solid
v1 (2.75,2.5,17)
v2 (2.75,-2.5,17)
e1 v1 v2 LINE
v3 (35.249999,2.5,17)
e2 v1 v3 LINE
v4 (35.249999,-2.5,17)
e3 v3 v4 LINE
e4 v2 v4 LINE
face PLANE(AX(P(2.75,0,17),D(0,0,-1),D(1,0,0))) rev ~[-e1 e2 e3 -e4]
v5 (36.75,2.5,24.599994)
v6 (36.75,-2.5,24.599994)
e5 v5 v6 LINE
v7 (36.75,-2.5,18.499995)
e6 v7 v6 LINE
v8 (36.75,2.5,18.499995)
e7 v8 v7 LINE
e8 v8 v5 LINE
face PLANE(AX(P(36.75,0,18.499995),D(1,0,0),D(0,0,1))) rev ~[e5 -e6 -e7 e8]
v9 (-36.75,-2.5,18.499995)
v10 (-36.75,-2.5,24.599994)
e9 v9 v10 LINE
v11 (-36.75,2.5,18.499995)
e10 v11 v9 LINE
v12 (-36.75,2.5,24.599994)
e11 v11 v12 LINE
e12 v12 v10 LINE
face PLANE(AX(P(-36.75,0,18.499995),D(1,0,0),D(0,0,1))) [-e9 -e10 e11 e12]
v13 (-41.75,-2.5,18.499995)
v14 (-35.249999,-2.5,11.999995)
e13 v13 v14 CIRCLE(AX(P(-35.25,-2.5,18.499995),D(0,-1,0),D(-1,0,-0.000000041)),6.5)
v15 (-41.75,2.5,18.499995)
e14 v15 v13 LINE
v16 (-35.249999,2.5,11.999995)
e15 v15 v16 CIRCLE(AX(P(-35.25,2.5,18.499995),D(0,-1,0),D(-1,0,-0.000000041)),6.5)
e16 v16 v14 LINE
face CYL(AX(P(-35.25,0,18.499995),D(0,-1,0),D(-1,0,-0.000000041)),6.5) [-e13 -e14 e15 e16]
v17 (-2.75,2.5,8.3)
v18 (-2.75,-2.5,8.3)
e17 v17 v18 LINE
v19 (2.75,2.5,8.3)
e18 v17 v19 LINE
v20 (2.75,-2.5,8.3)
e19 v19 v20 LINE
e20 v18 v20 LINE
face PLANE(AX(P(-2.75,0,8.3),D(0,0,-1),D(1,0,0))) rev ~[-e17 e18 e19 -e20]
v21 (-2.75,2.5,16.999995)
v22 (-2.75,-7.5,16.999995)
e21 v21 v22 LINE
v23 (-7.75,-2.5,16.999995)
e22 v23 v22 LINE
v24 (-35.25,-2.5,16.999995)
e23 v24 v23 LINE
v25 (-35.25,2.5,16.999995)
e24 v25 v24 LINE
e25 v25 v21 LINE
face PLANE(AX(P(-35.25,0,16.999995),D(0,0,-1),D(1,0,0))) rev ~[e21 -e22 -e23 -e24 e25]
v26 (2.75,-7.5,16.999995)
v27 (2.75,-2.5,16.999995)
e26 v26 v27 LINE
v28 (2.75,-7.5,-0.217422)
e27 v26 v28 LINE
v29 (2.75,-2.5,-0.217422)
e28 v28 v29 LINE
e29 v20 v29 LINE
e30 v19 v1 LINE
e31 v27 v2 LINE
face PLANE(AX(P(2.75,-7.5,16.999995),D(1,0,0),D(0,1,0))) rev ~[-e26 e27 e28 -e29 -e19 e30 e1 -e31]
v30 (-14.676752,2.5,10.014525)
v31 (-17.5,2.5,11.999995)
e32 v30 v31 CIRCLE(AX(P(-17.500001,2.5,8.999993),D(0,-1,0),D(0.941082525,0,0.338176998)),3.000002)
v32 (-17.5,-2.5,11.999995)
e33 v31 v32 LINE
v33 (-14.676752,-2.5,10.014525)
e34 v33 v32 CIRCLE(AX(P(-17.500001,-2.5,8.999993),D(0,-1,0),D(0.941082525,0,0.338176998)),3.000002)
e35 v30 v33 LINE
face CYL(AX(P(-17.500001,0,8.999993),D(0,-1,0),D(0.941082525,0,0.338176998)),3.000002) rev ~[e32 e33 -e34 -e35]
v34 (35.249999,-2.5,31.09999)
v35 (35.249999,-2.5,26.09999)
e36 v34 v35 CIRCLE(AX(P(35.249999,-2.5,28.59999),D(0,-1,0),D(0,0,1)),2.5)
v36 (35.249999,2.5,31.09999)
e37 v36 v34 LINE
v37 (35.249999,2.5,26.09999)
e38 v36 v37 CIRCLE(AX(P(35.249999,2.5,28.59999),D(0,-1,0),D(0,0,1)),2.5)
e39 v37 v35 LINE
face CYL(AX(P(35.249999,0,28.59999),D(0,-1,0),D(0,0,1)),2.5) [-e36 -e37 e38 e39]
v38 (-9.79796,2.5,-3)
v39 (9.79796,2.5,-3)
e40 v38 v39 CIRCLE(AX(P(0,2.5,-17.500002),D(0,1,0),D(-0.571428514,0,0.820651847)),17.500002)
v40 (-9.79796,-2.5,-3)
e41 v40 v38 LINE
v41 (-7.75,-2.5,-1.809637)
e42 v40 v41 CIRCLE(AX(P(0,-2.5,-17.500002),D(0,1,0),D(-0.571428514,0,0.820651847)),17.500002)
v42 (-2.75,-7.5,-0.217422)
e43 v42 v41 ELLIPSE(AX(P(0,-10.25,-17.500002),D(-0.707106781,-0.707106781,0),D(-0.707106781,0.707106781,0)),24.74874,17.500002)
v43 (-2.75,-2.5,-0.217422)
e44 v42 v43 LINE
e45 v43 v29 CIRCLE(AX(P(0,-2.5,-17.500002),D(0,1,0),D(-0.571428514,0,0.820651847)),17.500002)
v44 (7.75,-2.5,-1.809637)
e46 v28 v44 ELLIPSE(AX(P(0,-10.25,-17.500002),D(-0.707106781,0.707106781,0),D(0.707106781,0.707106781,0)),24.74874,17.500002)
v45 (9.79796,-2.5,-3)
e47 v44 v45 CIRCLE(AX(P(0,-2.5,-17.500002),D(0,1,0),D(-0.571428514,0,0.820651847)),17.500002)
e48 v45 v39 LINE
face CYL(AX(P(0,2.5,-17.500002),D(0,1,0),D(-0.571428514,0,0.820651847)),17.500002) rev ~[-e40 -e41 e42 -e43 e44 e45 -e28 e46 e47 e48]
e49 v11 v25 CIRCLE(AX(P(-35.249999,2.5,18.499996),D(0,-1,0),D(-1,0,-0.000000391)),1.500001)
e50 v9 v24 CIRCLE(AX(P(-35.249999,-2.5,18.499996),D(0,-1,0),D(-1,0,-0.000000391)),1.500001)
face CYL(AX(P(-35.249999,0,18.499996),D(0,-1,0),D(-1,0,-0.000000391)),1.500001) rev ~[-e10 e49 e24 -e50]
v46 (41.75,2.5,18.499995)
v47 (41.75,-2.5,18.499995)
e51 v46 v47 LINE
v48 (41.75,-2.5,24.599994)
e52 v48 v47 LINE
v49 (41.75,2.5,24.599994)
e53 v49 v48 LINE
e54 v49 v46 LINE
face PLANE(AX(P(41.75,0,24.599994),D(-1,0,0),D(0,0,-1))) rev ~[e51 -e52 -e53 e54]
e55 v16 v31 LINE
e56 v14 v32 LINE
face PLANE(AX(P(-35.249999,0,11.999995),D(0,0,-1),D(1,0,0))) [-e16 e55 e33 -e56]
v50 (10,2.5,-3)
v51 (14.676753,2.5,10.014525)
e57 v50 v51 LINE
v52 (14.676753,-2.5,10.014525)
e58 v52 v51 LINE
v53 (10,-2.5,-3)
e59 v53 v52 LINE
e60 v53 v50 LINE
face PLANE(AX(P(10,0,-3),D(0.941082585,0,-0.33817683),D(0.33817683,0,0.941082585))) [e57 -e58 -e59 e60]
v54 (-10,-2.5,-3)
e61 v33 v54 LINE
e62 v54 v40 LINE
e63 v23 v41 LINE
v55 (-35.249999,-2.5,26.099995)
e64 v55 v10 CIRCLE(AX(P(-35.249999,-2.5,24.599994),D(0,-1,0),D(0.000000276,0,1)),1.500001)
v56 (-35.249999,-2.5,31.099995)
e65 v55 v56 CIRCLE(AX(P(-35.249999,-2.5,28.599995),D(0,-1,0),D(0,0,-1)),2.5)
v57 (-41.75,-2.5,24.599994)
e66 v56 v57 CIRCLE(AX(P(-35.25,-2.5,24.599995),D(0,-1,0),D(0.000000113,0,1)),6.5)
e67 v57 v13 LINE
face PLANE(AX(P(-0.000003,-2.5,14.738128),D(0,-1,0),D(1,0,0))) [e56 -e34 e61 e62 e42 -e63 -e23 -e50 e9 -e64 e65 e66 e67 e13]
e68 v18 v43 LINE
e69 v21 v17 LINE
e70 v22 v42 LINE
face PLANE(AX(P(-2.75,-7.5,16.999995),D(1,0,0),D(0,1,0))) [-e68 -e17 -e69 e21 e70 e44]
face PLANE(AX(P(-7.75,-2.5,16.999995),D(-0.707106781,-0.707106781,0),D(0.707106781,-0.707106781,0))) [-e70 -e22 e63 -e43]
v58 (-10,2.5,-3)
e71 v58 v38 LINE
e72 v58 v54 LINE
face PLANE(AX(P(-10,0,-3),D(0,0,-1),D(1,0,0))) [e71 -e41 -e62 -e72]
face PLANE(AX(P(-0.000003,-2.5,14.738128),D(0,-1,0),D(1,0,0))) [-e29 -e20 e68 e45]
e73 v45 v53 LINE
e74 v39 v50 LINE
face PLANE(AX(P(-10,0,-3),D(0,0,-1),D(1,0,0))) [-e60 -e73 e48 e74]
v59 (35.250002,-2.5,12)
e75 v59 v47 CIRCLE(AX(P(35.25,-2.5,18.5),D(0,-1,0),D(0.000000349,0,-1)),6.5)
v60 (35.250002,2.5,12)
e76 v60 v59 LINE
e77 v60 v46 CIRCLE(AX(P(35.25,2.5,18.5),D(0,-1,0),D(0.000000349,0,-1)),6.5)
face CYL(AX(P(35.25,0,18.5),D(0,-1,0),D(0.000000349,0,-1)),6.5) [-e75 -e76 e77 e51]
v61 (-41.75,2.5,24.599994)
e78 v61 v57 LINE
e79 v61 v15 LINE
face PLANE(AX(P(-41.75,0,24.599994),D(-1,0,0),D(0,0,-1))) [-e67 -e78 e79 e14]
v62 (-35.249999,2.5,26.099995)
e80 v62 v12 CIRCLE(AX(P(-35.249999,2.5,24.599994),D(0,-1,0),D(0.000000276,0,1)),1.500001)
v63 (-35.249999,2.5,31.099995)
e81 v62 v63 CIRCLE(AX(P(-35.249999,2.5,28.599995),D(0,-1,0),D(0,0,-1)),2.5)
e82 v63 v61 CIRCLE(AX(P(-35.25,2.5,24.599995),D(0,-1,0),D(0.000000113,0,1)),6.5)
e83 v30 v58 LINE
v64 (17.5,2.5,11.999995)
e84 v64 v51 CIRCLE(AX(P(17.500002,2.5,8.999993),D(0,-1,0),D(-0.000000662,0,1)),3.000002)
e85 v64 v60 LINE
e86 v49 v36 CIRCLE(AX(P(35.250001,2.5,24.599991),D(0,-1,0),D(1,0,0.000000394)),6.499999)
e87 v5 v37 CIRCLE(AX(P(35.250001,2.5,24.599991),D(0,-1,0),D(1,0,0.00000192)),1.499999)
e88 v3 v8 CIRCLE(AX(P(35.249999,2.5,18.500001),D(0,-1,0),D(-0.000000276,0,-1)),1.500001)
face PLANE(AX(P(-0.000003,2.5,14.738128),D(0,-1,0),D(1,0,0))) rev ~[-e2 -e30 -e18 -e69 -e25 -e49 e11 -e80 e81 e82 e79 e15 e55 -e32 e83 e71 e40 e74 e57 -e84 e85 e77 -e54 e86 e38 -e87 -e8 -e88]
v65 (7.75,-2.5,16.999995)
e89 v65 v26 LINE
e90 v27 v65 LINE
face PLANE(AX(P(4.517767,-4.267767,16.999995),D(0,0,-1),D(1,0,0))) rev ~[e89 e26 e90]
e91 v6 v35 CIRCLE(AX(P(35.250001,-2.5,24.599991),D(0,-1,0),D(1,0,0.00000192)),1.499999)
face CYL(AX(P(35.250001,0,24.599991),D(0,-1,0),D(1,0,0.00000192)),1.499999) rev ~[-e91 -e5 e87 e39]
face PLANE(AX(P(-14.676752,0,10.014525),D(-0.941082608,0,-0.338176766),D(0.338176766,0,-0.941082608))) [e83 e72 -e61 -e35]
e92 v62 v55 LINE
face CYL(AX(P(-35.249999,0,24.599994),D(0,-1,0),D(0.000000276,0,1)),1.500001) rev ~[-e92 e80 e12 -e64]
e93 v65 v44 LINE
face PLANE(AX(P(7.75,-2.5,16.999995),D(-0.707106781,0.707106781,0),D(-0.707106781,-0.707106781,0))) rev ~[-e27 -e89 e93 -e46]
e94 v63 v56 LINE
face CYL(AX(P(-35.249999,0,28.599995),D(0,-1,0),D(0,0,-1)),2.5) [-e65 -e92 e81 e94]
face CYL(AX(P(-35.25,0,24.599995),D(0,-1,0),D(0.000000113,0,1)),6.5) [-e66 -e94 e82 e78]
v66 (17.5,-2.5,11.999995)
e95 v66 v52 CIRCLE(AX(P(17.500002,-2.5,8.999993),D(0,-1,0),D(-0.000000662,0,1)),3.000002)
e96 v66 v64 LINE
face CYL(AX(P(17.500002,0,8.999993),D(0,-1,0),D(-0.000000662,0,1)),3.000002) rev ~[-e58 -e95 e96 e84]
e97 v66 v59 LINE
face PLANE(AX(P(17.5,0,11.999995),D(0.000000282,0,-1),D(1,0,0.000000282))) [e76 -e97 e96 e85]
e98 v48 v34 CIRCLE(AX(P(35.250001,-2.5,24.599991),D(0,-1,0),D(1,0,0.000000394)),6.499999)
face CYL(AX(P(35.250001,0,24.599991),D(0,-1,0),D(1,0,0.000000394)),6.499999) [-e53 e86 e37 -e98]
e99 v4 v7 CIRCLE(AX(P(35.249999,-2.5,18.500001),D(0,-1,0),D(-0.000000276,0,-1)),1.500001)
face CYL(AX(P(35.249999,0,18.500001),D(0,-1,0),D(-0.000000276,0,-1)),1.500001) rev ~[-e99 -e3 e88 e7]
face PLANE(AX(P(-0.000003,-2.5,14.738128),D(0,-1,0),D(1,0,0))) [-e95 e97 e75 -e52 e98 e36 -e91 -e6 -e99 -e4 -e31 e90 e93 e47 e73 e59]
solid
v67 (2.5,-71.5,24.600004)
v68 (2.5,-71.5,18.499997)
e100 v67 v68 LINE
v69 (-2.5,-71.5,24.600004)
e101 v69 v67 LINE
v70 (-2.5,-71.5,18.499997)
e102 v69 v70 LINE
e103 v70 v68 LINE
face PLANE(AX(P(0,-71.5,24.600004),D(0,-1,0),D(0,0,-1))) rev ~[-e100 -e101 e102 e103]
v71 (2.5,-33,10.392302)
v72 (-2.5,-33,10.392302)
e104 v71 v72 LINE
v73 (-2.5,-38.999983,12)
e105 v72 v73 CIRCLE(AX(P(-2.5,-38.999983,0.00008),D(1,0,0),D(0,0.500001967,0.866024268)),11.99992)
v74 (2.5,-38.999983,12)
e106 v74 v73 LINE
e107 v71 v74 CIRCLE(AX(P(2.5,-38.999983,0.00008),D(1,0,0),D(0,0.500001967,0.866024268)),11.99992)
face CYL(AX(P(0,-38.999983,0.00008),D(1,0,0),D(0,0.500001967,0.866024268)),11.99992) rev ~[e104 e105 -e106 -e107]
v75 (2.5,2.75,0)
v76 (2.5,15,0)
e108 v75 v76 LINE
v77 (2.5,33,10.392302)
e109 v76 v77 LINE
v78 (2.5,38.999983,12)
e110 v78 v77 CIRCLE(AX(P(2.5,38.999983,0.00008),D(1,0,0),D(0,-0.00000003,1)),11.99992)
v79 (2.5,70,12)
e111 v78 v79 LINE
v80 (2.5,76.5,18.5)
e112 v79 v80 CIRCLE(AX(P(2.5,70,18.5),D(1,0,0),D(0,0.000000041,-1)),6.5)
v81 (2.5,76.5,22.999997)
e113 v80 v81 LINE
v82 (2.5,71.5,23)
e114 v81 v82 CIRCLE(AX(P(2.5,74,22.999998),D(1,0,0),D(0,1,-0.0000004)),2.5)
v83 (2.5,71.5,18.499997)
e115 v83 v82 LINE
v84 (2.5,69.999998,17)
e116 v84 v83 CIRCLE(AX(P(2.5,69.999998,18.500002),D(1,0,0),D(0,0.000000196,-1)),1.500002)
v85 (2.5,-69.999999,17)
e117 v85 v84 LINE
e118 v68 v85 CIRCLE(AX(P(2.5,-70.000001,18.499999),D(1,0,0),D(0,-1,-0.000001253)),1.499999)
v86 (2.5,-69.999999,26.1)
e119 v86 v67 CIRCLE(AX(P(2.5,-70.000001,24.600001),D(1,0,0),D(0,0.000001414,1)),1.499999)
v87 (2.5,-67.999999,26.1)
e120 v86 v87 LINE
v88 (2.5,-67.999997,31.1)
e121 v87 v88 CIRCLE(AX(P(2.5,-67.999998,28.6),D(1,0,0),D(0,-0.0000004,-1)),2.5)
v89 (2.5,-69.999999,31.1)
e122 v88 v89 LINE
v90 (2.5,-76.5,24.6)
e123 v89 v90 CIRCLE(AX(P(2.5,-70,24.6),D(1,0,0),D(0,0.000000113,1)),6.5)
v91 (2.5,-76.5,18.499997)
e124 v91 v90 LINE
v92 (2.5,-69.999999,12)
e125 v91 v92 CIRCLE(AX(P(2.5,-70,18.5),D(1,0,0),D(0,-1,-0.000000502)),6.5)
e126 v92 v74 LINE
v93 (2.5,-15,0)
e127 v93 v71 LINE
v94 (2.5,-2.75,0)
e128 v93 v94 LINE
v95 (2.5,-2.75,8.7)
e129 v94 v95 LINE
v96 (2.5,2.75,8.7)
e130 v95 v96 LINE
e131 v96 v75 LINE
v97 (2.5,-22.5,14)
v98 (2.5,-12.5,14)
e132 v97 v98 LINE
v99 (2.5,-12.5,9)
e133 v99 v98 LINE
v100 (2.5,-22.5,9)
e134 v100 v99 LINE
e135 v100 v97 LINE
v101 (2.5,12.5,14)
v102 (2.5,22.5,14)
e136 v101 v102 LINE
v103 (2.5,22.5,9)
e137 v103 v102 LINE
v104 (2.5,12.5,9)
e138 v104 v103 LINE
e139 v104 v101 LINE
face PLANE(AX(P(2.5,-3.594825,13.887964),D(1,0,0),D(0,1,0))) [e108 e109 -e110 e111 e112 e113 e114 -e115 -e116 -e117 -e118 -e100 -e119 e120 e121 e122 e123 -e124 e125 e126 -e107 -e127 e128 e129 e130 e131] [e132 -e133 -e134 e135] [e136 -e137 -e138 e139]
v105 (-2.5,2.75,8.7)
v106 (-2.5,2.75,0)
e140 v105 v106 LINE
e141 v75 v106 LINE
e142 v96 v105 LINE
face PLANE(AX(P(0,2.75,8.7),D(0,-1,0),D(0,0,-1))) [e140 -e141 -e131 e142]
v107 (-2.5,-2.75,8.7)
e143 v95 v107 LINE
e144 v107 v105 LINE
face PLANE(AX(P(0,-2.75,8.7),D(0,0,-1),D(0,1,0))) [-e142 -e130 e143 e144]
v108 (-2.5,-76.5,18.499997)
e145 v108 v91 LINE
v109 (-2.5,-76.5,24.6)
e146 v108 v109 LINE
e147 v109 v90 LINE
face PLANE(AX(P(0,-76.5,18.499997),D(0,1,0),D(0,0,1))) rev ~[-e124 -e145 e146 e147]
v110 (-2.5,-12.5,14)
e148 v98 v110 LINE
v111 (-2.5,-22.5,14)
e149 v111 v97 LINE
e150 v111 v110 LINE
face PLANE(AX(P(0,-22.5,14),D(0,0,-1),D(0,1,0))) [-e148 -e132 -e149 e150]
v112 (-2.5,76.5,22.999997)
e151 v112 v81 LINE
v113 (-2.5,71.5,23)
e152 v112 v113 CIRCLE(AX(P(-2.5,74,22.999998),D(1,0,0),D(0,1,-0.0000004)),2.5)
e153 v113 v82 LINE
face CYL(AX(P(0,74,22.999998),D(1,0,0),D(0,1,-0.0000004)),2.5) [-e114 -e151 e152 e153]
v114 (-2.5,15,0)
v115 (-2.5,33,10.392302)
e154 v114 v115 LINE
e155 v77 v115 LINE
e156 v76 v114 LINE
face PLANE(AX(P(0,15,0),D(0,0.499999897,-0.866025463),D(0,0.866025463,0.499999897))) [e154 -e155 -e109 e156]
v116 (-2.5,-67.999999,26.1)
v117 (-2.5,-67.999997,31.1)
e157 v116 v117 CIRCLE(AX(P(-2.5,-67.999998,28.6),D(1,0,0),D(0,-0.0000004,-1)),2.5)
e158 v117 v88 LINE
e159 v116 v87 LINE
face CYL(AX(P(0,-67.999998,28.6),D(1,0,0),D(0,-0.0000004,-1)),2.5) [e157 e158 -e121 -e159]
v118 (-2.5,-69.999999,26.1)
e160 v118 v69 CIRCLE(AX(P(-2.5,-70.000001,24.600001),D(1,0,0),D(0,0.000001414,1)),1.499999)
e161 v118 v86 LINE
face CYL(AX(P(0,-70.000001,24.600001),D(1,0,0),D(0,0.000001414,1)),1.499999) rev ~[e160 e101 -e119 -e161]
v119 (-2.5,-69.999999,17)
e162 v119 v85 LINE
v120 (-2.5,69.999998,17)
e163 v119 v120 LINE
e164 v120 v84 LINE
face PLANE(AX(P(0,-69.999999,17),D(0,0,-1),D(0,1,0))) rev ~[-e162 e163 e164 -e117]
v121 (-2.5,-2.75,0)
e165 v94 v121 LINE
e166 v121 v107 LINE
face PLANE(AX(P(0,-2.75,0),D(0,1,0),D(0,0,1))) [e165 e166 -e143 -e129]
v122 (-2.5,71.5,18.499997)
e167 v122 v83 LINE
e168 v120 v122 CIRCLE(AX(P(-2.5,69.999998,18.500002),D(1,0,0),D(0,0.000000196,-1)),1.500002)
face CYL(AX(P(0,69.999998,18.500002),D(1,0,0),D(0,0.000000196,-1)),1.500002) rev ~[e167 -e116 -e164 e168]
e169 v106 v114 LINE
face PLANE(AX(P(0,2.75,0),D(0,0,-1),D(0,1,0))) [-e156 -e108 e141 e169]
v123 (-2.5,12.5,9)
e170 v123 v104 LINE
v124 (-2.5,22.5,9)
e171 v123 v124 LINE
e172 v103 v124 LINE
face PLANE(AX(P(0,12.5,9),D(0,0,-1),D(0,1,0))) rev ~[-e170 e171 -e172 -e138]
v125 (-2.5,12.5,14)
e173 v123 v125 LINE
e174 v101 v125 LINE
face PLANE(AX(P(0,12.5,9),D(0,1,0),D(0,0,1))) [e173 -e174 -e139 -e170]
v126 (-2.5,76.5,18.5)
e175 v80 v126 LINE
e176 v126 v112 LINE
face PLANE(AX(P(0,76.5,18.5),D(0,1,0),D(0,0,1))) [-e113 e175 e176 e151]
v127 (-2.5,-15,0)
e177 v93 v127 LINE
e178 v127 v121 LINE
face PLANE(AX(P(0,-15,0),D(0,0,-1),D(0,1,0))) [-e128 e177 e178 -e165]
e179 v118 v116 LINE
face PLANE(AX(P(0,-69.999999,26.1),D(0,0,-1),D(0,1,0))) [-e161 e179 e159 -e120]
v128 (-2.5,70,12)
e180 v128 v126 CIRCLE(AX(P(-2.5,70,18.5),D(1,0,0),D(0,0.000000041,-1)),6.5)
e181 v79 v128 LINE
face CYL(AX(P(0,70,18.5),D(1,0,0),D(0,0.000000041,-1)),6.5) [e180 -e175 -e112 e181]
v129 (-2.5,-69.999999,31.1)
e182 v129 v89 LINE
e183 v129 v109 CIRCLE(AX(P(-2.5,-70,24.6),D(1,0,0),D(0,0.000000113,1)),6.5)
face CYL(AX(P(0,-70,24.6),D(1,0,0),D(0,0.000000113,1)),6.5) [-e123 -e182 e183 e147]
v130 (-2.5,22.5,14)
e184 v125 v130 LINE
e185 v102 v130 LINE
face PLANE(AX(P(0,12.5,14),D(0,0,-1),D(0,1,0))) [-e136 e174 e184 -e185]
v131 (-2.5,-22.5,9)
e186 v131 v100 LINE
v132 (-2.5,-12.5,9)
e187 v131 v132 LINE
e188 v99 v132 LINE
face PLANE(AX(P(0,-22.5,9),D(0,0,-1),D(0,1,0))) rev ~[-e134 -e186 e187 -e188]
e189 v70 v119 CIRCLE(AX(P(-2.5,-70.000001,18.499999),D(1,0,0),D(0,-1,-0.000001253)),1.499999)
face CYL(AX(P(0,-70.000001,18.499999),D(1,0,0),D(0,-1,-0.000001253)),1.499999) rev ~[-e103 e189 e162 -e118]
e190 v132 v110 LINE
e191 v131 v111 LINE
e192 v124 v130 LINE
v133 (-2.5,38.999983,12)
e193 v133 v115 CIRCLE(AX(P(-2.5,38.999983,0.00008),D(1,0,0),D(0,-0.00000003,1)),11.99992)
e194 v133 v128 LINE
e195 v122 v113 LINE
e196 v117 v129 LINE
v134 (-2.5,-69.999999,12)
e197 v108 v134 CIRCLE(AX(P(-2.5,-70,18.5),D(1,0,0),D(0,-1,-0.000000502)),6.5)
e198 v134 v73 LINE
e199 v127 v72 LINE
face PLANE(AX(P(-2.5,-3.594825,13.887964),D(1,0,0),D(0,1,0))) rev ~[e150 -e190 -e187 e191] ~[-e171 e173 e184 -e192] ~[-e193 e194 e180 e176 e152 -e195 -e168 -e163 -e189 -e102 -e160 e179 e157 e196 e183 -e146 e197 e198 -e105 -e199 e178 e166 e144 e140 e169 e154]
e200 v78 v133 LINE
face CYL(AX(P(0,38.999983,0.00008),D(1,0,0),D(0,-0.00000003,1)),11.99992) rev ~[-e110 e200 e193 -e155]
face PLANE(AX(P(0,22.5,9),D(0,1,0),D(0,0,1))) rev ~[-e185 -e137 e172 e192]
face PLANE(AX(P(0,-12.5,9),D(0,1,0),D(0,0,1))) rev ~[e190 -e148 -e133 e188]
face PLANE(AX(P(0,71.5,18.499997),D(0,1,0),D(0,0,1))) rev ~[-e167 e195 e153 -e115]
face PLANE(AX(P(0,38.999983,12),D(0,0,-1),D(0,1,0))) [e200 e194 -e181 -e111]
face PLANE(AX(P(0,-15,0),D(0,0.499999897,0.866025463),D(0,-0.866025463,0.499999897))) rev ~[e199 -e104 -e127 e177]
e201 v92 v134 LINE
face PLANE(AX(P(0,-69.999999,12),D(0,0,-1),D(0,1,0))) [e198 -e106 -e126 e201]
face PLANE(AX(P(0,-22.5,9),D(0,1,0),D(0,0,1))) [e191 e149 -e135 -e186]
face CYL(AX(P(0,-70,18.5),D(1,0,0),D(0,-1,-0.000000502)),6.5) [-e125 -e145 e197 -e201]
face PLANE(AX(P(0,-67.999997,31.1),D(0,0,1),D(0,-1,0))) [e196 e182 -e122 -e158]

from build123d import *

# Parameters (mm, degrees)
SKETCH_W     = 10
SKETCH_H     = 5
PAD_DEPTH    = 2.5
PAD001_DEPTH = 2.5
PAD002_DEPTH = 20
POCKET_DEPTH = 10


with BuildPart() as vertical:
    # Sketch → Pad (new body, symmetric)
    with BuildSketch(Plane.YZ):
        with BuildLine():
            Line((76.5, 18.5), (76.5, 22.999997))
            ThreePointArc((76.5, 22.999997), (74.000001, 25.499998), (71.5, 23))
            Line((71.5, 18.499997), (71.5, 23))
            ThreePointArc((69.999998, 17), (71.060658, 17.439339), (71.5, 18.499997))
            Line((-69.999999, 17), (69.999998, 17))
            ThreePointArc((-71.5, 18.499997), (-71.060659, 17.439338), (-69.999999, 17))
            Line((-71.5, 24.600004), (-71.5, 18.499997))
            ThreePointArc((-69.999999, 26.1), (-71.060659, 25.660662), (-71.5, 24.600004))
            Line((-69.999999, 26.1), (-67.999999, 26.1))
            ThreePointArc((-67.999999, 26.1), (-65.499998, 28.599999), (-67.999997, 31.1))
            Line((-67.999997, 31.1), (-69.999999, 31.1))
            ThreePointArc((-69.999999, 31.1), (-74.596194, 29.196194), (-76.5, 24.6))
            Line((-76.5, 18.499997), (-76.5, 24.6))
            ThreePointArc((-76.5, 18.499997), (-74.596193, 13.903805), (-69.999999, 12))
            Line((-69.999999, 12), (-38.999983, 12))
            ThreePointArc((-33, 10.392302), (-35.894162, 11.591109), (-38.999983, 12))
            Line((-15, 0), (-33, 10.392302))
            Line((-15, 0), (-2.75, 0))
            Line((-2.75, 0), (-2.75, 8.7))
            Line((-2.75, 8.7), (2.75, 8.7))
            Line((2.75, 8.7), (2.75, 0))
            Line((2.75, 0), (15, 0))
            Line((15, 0), (33, 10.392302))
            ThreePointArc((38.999983, 12), (35.894162, 11.591109), (33, 10.392302))
            Line((38.999983, 12), (70, 12))
            ThreePointArc((70, 12), (74.596194, 13.903806), (76.5, 18.5))
        make_face()
        with Locations((-17.5, 11.5)):
            Rectangle(SKETCH_W, SKETCH_H, mode=Mode.SUBTRACT)
        with Locations((17.5, 11.5)):
            Rectangle(SKETCH_W, SKETCH_H, mode=Mode.SUBTRACT)
    extrude(amount=PAD_DEPTH, both=True)


with BuildPart() as fusion:
    # Sketch001 → Pad001 (new body, symmetric)
    with BuildSketch(Plane.XZ):
        with BuildLine():
            Line((17.5, 11.999995), (35.250002, 12))
            ThreePointArc((35.250002, 12), (39.846193, 13.903805), (41.75, 18.499995))
            Line((41.75, 24.599994), (41.75, 18.499995))
            ThreePointArc((41.75, 24.599994), (39.846193, 29.196186), (35.249999, 31.09999))
            ThreePointArc((35.249999, 31.09999), (32.749999, 28.59999), (35.249999, 26.09999))
            ThreePointArc((36.75, 24.599994), (36.310659, 25.660652), (35.249999, 26.09999))
            Line((36.75, 18.499995), (36.75, 24.599994))
            ThreePointArc((35.249999, 17), (36.310658, 17.439338), (36.75, 18.499995))
            Line((2.75, 17), (35.249999, 17))
            Line((2.75, 8.3), (2.75, 17))
            Line((-2.75, 8.3), (2.75, 8.3))
            Line((-2.75, 16.999995), (-2.75, 8.3))
            Line((-35.25, 16.999995), (-2.75, 16.999995))
            ThreePointArc((-36.75, 18.499995), (-36.31066, 17.439335), (-35.25, 16.999995))
            Line((-36.75, 18.499995), (-36.75, 24.599994))
            ThreePointArc((-35.249999, 26.099995), (-36.31066, 25.660655), (-36.75, 24.599994))
            ThreePointArc((-35.249999, 26.099995), (-32.749999, 28.599995), (-35.249999, 31.099995))
            ThreePointArc((-35.249999, 31.099995), (-39.846194, 29.196189), (-41.75, 24.599994))
            Line((-41.75, 24.599994), (-41.75, 18.499995))
            ThreePointArc((-41.75, 18.499995), (-39.846194, 13.903801), (-35.249999, 11.999995))
            Line((-35.249999, 11.999995), (-17.5, 11.999995))
            ThreePointArc((-14.676752, 10.014525), (-15.774252, 11.453929), (-17.5, 11.999995))
            Line((-14.676752, 10.014525), (-10, -3))
            Line((-10, -3), (10, -3))
            Line((10, -3), (14.676753, 10.014525))
            ThreePointArc((17.5, 11.999995), (15.774253, 11.453929), (14.676753, 10.014525))
        make_face()
    extrude(amount=PAD001_DEPTH, both=True)

    # Sketch002 → Pad002 (new body)
    with BuildSketch(Plane(origin=(0, 0, 16.999995), x_dir=(-1, 0, 0), z_dir=(0, 0, 1))):
        Polygon((-7.75, 2.5), (-2.75, 7.5), (-2.75, 2.5), align=None)
        Polygon((2.75, 7.5), (2.75, 2.5), (7.75, 2.5), align=None)
    extrude(amount=-PAD002_DEPTH)

    # Sketch003 → Pocket (cut)
    with BuildSketch(Plane(origin=(0, 2.5, 0), x_dir=(1, 0, 0), z_dir=(0, 1, 0))):
        with BuildLine():
            ThreePointArc((-10, 3.138593), (0, 0), (10, 3.138593))
            Line((-10, 3.138593), (10, 3.138593))
        make_face()
    extrude(amount=-POCKET_DEPTH, mode=Mode.SUBTRACT)

    # Fusion: union Vertical
    add(vertical.part)


solid = fusion.part
